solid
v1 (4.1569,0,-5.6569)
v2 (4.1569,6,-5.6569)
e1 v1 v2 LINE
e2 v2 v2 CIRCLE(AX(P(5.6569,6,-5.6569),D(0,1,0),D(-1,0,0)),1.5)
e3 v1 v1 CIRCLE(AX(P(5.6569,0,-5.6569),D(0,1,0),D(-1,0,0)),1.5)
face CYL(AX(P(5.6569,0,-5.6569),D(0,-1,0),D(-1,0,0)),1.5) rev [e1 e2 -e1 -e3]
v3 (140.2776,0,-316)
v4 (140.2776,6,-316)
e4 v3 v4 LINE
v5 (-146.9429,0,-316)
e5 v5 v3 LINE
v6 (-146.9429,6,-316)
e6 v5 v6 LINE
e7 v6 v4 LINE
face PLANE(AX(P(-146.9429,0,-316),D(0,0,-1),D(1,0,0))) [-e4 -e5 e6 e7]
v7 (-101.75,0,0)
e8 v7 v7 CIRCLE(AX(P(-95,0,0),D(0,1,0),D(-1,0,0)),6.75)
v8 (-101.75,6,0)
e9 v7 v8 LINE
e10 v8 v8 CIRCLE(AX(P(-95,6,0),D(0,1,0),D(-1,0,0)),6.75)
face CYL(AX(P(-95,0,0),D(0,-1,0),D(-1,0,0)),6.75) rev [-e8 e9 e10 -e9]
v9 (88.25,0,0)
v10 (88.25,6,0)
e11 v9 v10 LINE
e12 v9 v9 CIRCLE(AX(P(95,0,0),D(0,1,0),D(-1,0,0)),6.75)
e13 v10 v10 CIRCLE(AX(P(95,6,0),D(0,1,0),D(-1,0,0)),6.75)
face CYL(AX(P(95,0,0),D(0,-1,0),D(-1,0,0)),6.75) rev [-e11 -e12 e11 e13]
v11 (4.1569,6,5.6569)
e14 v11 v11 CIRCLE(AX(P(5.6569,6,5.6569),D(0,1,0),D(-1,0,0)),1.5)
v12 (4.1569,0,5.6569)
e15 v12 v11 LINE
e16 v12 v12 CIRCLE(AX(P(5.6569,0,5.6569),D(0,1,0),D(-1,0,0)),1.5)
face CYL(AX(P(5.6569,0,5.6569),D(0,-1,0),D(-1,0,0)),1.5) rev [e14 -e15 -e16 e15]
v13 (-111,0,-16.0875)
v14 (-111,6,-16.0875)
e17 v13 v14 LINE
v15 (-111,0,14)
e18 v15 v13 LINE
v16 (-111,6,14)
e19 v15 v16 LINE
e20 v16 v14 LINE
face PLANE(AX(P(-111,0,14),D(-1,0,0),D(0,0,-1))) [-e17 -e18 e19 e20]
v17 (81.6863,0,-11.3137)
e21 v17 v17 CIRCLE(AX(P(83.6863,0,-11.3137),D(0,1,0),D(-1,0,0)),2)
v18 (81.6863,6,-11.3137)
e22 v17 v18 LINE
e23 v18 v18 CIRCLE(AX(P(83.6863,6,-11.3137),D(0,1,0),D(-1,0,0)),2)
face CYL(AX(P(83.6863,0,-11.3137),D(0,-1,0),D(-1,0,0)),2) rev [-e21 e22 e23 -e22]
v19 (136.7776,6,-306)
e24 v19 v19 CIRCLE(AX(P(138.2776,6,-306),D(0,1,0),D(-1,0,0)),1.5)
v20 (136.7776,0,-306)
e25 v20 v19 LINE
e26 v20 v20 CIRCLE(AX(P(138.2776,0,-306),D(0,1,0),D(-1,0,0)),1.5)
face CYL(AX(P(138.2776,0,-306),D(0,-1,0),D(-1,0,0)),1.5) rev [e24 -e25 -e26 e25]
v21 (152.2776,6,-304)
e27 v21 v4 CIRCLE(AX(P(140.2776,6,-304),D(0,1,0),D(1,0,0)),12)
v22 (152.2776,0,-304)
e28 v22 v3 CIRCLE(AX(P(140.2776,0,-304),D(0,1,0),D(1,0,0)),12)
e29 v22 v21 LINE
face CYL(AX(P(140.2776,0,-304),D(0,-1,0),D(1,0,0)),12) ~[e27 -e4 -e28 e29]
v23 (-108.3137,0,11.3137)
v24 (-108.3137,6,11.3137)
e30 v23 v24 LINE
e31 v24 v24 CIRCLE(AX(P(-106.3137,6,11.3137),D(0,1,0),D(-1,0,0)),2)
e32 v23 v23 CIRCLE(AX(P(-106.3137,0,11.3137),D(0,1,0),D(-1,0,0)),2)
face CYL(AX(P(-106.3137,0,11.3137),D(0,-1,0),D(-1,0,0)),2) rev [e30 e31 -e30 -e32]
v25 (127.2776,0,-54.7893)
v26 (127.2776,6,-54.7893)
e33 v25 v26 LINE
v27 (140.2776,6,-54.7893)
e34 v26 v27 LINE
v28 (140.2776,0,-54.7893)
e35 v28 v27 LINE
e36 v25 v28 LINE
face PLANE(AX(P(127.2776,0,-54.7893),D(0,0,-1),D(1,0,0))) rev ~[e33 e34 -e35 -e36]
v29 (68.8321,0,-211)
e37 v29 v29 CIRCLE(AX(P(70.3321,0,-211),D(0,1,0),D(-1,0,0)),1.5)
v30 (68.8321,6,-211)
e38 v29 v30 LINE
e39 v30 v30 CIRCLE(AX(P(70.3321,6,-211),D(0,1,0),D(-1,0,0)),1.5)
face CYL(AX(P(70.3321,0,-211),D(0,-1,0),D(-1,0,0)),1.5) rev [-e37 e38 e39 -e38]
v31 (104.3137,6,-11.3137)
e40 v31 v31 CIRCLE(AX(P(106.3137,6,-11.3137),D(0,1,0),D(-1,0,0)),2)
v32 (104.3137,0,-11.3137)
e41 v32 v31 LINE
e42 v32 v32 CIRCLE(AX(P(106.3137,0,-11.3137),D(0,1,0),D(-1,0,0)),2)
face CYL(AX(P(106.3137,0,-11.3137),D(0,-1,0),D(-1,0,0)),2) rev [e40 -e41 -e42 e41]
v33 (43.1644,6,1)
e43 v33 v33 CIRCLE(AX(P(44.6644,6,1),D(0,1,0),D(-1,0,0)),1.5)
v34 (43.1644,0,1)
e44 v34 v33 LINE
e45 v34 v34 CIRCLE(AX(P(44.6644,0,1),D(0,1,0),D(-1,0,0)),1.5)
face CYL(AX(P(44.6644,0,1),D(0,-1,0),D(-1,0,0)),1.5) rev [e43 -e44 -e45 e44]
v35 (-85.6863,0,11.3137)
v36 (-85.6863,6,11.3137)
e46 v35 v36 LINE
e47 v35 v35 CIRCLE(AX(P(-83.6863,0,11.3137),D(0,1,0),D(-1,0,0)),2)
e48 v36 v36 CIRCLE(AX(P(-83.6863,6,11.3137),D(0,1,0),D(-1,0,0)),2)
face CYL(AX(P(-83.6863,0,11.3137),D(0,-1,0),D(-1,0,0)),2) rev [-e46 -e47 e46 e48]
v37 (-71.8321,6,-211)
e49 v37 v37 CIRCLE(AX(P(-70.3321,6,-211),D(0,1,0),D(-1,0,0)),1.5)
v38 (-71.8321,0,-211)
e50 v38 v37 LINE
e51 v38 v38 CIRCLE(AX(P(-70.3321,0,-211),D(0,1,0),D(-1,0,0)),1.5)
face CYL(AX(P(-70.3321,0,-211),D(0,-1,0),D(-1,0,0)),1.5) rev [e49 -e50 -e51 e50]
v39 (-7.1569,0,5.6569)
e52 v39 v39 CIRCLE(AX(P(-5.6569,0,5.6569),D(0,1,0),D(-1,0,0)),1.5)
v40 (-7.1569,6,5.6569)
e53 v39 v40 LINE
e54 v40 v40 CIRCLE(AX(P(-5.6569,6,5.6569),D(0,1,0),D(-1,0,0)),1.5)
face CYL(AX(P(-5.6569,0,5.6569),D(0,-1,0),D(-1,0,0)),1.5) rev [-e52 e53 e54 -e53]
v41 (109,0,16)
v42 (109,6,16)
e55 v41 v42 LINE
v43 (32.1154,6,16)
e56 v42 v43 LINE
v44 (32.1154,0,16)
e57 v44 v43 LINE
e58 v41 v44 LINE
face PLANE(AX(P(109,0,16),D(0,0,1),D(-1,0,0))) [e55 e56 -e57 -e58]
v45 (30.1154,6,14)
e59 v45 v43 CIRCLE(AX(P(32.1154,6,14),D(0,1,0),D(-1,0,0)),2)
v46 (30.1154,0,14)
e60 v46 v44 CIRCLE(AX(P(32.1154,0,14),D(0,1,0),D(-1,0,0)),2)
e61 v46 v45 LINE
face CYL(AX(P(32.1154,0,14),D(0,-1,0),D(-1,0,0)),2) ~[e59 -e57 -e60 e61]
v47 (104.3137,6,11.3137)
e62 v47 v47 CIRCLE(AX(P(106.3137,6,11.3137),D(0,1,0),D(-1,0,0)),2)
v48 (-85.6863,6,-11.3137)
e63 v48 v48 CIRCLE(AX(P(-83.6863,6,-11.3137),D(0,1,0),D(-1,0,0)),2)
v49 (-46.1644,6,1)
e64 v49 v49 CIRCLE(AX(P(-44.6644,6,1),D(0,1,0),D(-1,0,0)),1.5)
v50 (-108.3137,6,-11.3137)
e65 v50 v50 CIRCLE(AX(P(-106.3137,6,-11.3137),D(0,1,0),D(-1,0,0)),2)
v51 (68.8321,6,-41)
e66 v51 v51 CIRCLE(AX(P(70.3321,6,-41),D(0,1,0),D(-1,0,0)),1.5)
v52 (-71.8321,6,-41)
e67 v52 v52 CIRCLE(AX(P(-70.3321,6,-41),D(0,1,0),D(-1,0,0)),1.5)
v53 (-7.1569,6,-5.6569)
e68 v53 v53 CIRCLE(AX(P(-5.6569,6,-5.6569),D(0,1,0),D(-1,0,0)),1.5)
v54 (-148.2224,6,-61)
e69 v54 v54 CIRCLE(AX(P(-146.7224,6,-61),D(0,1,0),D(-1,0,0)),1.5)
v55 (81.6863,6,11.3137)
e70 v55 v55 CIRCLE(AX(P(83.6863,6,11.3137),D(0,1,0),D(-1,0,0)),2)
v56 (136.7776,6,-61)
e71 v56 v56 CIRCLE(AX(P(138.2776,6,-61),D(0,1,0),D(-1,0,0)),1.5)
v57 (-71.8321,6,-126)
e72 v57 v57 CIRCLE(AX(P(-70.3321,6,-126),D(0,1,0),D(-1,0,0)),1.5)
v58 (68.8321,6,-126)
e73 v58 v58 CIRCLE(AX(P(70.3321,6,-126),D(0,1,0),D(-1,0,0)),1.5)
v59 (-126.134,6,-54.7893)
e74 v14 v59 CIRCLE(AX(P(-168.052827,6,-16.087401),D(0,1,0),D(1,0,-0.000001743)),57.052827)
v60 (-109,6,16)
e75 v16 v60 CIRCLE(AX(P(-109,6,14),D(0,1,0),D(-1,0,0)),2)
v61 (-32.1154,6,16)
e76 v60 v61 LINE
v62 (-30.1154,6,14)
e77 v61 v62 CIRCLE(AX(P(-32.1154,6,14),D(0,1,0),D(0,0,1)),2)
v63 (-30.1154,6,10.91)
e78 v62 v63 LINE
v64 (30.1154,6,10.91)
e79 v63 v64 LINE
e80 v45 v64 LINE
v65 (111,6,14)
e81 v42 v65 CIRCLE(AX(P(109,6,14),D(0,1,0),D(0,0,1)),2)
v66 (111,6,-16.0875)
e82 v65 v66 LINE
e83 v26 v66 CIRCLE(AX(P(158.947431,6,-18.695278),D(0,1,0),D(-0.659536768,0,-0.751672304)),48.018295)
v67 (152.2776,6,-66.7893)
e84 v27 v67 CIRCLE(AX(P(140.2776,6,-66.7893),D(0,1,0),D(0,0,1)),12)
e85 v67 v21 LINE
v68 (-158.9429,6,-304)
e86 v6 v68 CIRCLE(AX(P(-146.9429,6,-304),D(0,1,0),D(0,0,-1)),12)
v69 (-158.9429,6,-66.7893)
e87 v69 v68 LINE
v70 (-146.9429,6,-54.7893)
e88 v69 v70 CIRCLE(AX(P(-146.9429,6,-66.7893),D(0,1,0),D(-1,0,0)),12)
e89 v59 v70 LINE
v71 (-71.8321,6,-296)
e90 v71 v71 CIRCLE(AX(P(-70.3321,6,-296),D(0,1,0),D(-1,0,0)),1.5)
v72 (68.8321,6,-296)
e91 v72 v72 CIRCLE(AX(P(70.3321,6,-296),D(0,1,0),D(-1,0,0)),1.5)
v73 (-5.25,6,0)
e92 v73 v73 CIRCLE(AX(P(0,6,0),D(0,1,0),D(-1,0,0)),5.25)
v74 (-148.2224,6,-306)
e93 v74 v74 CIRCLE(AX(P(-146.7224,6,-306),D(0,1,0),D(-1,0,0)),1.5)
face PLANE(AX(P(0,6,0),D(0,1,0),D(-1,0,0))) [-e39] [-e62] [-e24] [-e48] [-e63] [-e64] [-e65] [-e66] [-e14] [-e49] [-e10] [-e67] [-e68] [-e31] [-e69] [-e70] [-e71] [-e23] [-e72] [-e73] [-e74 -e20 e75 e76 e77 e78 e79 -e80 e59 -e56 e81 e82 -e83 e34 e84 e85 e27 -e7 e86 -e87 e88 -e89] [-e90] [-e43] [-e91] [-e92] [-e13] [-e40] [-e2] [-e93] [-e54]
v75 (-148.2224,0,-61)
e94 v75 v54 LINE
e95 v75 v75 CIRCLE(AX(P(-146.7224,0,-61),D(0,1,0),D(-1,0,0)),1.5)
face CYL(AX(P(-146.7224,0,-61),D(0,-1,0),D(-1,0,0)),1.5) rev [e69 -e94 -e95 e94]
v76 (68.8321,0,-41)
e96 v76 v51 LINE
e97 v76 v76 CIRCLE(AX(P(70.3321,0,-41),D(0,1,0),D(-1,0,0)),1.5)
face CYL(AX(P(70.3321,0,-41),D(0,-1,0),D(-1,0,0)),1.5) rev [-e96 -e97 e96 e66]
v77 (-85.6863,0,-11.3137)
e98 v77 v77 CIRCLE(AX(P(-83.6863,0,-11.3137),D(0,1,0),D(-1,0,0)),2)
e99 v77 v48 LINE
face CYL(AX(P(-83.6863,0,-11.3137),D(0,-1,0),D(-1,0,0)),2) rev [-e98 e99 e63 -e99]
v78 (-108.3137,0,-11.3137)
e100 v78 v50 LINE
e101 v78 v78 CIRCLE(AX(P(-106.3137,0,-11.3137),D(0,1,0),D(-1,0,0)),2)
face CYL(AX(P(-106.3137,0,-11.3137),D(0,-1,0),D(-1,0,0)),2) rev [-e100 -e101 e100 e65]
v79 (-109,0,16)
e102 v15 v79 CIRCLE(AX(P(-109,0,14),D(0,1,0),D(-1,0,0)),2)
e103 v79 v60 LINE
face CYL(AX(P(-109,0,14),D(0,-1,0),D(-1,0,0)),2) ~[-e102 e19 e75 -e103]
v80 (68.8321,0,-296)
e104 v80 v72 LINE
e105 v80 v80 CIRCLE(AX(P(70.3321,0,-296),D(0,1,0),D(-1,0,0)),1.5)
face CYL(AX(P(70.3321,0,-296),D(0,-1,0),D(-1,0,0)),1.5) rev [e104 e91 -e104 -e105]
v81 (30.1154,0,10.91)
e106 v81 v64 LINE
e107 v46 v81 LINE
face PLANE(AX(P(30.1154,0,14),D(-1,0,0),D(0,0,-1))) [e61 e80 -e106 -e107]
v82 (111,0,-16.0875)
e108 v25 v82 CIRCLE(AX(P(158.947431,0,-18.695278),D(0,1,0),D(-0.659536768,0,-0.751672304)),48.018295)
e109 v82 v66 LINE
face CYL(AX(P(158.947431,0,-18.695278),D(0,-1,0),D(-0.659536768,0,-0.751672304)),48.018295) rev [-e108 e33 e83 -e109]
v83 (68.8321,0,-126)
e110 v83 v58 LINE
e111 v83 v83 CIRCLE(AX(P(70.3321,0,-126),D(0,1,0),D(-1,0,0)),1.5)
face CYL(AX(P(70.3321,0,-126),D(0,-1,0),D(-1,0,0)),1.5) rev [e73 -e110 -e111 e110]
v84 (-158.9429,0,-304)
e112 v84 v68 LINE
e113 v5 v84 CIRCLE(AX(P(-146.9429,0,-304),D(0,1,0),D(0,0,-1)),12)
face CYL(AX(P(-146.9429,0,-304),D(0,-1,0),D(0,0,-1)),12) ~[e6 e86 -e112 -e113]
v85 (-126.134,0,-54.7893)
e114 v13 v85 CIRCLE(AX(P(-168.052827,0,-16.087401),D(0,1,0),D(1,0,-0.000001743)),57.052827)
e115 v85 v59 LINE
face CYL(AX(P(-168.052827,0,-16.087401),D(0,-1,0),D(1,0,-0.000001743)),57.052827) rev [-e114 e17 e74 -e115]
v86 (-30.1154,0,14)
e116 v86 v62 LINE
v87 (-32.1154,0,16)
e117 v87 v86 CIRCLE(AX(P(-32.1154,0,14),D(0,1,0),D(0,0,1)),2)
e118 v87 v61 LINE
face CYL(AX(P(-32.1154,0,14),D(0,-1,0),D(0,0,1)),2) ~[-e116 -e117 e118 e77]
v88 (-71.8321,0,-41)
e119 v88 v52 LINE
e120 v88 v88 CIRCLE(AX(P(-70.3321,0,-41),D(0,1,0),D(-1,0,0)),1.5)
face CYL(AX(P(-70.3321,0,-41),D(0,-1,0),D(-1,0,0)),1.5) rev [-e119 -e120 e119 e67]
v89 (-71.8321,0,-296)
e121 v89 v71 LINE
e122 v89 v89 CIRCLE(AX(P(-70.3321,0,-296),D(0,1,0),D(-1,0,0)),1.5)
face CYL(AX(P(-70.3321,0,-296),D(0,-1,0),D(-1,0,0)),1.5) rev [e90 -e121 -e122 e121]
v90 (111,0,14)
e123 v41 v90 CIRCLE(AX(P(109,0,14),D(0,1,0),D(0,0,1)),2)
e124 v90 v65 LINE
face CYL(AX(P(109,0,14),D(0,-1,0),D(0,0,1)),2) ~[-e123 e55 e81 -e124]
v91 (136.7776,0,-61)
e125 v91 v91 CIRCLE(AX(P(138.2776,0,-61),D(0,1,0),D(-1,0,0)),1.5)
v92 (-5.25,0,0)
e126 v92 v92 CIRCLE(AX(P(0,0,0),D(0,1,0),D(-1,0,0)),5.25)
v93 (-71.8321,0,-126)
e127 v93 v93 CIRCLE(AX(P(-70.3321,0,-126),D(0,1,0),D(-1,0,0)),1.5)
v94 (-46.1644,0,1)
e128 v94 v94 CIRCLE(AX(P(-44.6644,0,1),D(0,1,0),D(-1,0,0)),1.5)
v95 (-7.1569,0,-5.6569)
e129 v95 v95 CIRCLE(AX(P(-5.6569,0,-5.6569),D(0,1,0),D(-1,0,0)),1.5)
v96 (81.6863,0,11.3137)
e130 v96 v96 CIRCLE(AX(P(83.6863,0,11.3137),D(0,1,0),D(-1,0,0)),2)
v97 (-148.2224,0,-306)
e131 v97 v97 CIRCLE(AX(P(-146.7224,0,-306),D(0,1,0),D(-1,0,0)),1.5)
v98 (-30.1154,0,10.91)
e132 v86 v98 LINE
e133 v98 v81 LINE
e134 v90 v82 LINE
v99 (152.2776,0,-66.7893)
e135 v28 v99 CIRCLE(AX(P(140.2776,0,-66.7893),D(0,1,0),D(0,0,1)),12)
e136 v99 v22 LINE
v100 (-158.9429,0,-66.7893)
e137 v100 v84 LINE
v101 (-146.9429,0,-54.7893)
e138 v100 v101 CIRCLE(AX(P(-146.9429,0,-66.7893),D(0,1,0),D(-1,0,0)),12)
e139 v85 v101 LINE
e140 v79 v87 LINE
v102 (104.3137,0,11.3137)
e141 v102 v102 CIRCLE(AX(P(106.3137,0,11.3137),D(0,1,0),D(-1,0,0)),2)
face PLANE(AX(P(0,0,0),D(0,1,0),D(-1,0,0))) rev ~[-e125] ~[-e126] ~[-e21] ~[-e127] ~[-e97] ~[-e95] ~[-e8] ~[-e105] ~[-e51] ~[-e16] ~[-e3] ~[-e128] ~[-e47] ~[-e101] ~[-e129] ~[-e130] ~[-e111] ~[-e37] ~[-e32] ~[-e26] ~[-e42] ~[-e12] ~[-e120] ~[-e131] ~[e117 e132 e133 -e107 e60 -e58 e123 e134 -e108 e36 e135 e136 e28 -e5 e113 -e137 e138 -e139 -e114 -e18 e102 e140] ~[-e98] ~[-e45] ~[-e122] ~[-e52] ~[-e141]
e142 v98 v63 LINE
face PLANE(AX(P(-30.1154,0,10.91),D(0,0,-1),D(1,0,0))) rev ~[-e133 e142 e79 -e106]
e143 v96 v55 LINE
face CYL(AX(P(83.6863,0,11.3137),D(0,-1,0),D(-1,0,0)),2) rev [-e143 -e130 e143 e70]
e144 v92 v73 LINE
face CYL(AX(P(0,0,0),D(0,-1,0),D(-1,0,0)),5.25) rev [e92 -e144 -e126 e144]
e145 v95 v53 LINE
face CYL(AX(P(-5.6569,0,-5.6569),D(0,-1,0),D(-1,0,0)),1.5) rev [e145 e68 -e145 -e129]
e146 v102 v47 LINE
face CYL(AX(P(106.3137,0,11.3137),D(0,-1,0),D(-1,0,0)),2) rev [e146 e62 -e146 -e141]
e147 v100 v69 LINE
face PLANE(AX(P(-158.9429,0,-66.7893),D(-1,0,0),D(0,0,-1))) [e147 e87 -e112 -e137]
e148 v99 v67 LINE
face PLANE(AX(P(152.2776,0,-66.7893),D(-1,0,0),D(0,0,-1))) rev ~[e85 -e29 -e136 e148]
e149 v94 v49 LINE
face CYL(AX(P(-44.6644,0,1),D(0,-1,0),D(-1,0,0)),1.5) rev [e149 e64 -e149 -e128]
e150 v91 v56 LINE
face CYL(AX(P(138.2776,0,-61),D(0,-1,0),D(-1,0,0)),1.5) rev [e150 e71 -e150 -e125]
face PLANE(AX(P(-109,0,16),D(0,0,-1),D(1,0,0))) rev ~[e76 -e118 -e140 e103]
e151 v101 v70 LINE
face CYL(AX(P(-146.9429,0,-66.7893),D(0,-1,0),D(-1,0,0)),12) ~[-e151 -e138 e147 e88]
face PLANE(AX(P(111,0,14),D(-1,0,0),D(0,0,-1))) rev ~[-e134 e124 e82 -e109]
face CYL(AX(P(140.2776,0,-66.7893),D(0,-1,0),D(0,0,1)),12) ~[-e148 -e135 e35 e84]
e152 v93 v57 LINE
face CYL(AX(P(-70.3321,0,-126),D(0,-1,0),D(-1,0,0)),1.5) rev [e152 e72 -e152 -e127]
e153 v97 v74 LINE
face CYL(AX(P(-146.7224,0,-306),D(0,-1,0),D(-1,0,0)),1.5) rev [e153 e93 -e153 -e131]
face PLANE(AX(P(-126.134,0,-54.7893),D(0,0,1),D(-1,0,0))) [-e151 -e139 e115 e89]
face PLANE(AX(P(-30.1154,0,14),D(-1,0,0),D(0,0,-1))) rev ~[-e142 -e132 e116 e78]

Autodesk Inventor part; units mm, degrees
ref_plane "YZ Plane" through (0, 0, 0) normal (1, 0, 0) x (0, 1, 0)
ref_plane "XZ Plane" through (0, 0, 0) normal (0, 1, 0) x (-1, 0, 0)
ref_plane "XY Plane" through (0, 0, 0) normal (0, 0, 1) x (1, 0, 0)
sketch "Sketch1" plane through (0, 0, 0) normal (0, 1, 0) x (-1, 0, 0)
  arc A0 (32.1154, 16) -> (30.1154, 14) centre (32.1154, 14) ccw
  line L0 (30.1154, 14) -> (30.1154, 10.91)
  line L1 (30.1154, 10.91) -> (-30.1154, 10.91)
  line L2 (-30.1154, 14) -> (-30.1154, 10.91)
  arc A1 (-30.1154, 14) -> (-32.1154, 16) centre (-32.1154, 14) ccw
  line L3 (-109, 16) -> (-32.1154, 16)
  arc A2 (-109, 16) -> (-111, 14) centre (-109, 14) ccw
  line L4 (-111, 14) -> (-111, -16.0875)
  arc A3 (-127.2776, -54.7893) -> (-111, -16.0875) centre (-158.9474, -18.6953) ccw
  line L5 (-127.2776, -54.7893) -> (-140.2776, -54.7893)
  arc A4 (-140.2776, -54.7893) -> (-152.2776, -66.7893) centre (-140.2776, -66.7893) ccw
  line L6 (-152.2776, -66.7893) -> (-152.2776, -304)
  arc A5 (-152.2776, -304) -> (-140.2776, -316) centre (-140.2776, -304) ccw
  line L7 (146.9429, -316) -> (-140.2776, -316)
  arc A6 (146.9429, -316) -> (158.9429, -304) centre (146.9429, -304) ccw
  line L8 (158.9429, -66.7893) -> (158.9429, -304)
  arc A7 (158.9429, -66.7893) -> (146.9429, -54.7893) centre (146.9429, -66.7893) ccw
  line L9 (126.134, -54.7893) -> (146.9429, -54.7893)
  arc A8 (111, -16.0875) -> (126.134, -54.7893) centre (168.0523, -16.0875) ccw
  line L10 (111, 14) -> (111, -16.0875)
  arc A9 (111, 14) -> (109, 16) centre (109, 14) ccw
  line L11 (109, 16) -> (32.1154, 16)
  circle A10 centre (44.6644, 1) radius 1.5
  circle A11 centre (70.3321, -126) radius 1.5
  circle A12 centre (70.3321, -296) radius 1.5
  circle A13 centre (-44.6644, 1) radius 1.5
  circle A14 centre (-70.3321, -296) radius 1.5
  circle A15 centre (-70.3321, -211) radius 1.5
  circle A16 centre (-70.3321, -126) radius 1.5
  circle A17 centre (-70.3321, -41) radius 1.5
  circle A18 centre (-138.2776, -61) radius 1.5
  circle A19 centre (-138.2776, -306) radius 1.5
  circle A20 centre (146.7224, -306) radius 1.5
  circle A21 centre (5.6569, -5.6569) radius 1.5
  circle A22 centre (-5.6569, -5.6569) radius 1.5
  circle A23 centre (-5.6569, 5.6569) radius 1.5
  circle A24 centre (5.6569, 5.6569) radius 1.5
  circle A25 centre (83.6863, -11.3137) radius 2
  circle A26 centre (0, 0) radius 5.25
  circle A27 centre (-95, 0) radius 6.75
  circle A28 centre (95, 0) radius 6.75
  circle A29 centre (146.7224, -61) radius 1.5
  circle A30 centre (-83.6863, 11.3137) radius 2
  circle A31 centre (-106.3137, 11.3137) radius 2
  circle A32 centre (-83.6863, -11.3137) radius 2
  circle A33 centre (-106.3137, -11.3137) radius 2
  circle A34 centre (106.3137, -11.3137) radius 2
  circle A35 centre (83.6863, 11.3137) radius 2
  circle A36 centre (70.3321, -211) radius 1.5
  circle A37 centre (70.3321, -41) radius 1.5
  circle A38 centre (106.3137, 11.3137) radius 2
  point P0 (0, 0)
extrude "Extrusion1" add sketch "Sketch1" along normal blind 6
properties part number "base da mesa de impressao"
